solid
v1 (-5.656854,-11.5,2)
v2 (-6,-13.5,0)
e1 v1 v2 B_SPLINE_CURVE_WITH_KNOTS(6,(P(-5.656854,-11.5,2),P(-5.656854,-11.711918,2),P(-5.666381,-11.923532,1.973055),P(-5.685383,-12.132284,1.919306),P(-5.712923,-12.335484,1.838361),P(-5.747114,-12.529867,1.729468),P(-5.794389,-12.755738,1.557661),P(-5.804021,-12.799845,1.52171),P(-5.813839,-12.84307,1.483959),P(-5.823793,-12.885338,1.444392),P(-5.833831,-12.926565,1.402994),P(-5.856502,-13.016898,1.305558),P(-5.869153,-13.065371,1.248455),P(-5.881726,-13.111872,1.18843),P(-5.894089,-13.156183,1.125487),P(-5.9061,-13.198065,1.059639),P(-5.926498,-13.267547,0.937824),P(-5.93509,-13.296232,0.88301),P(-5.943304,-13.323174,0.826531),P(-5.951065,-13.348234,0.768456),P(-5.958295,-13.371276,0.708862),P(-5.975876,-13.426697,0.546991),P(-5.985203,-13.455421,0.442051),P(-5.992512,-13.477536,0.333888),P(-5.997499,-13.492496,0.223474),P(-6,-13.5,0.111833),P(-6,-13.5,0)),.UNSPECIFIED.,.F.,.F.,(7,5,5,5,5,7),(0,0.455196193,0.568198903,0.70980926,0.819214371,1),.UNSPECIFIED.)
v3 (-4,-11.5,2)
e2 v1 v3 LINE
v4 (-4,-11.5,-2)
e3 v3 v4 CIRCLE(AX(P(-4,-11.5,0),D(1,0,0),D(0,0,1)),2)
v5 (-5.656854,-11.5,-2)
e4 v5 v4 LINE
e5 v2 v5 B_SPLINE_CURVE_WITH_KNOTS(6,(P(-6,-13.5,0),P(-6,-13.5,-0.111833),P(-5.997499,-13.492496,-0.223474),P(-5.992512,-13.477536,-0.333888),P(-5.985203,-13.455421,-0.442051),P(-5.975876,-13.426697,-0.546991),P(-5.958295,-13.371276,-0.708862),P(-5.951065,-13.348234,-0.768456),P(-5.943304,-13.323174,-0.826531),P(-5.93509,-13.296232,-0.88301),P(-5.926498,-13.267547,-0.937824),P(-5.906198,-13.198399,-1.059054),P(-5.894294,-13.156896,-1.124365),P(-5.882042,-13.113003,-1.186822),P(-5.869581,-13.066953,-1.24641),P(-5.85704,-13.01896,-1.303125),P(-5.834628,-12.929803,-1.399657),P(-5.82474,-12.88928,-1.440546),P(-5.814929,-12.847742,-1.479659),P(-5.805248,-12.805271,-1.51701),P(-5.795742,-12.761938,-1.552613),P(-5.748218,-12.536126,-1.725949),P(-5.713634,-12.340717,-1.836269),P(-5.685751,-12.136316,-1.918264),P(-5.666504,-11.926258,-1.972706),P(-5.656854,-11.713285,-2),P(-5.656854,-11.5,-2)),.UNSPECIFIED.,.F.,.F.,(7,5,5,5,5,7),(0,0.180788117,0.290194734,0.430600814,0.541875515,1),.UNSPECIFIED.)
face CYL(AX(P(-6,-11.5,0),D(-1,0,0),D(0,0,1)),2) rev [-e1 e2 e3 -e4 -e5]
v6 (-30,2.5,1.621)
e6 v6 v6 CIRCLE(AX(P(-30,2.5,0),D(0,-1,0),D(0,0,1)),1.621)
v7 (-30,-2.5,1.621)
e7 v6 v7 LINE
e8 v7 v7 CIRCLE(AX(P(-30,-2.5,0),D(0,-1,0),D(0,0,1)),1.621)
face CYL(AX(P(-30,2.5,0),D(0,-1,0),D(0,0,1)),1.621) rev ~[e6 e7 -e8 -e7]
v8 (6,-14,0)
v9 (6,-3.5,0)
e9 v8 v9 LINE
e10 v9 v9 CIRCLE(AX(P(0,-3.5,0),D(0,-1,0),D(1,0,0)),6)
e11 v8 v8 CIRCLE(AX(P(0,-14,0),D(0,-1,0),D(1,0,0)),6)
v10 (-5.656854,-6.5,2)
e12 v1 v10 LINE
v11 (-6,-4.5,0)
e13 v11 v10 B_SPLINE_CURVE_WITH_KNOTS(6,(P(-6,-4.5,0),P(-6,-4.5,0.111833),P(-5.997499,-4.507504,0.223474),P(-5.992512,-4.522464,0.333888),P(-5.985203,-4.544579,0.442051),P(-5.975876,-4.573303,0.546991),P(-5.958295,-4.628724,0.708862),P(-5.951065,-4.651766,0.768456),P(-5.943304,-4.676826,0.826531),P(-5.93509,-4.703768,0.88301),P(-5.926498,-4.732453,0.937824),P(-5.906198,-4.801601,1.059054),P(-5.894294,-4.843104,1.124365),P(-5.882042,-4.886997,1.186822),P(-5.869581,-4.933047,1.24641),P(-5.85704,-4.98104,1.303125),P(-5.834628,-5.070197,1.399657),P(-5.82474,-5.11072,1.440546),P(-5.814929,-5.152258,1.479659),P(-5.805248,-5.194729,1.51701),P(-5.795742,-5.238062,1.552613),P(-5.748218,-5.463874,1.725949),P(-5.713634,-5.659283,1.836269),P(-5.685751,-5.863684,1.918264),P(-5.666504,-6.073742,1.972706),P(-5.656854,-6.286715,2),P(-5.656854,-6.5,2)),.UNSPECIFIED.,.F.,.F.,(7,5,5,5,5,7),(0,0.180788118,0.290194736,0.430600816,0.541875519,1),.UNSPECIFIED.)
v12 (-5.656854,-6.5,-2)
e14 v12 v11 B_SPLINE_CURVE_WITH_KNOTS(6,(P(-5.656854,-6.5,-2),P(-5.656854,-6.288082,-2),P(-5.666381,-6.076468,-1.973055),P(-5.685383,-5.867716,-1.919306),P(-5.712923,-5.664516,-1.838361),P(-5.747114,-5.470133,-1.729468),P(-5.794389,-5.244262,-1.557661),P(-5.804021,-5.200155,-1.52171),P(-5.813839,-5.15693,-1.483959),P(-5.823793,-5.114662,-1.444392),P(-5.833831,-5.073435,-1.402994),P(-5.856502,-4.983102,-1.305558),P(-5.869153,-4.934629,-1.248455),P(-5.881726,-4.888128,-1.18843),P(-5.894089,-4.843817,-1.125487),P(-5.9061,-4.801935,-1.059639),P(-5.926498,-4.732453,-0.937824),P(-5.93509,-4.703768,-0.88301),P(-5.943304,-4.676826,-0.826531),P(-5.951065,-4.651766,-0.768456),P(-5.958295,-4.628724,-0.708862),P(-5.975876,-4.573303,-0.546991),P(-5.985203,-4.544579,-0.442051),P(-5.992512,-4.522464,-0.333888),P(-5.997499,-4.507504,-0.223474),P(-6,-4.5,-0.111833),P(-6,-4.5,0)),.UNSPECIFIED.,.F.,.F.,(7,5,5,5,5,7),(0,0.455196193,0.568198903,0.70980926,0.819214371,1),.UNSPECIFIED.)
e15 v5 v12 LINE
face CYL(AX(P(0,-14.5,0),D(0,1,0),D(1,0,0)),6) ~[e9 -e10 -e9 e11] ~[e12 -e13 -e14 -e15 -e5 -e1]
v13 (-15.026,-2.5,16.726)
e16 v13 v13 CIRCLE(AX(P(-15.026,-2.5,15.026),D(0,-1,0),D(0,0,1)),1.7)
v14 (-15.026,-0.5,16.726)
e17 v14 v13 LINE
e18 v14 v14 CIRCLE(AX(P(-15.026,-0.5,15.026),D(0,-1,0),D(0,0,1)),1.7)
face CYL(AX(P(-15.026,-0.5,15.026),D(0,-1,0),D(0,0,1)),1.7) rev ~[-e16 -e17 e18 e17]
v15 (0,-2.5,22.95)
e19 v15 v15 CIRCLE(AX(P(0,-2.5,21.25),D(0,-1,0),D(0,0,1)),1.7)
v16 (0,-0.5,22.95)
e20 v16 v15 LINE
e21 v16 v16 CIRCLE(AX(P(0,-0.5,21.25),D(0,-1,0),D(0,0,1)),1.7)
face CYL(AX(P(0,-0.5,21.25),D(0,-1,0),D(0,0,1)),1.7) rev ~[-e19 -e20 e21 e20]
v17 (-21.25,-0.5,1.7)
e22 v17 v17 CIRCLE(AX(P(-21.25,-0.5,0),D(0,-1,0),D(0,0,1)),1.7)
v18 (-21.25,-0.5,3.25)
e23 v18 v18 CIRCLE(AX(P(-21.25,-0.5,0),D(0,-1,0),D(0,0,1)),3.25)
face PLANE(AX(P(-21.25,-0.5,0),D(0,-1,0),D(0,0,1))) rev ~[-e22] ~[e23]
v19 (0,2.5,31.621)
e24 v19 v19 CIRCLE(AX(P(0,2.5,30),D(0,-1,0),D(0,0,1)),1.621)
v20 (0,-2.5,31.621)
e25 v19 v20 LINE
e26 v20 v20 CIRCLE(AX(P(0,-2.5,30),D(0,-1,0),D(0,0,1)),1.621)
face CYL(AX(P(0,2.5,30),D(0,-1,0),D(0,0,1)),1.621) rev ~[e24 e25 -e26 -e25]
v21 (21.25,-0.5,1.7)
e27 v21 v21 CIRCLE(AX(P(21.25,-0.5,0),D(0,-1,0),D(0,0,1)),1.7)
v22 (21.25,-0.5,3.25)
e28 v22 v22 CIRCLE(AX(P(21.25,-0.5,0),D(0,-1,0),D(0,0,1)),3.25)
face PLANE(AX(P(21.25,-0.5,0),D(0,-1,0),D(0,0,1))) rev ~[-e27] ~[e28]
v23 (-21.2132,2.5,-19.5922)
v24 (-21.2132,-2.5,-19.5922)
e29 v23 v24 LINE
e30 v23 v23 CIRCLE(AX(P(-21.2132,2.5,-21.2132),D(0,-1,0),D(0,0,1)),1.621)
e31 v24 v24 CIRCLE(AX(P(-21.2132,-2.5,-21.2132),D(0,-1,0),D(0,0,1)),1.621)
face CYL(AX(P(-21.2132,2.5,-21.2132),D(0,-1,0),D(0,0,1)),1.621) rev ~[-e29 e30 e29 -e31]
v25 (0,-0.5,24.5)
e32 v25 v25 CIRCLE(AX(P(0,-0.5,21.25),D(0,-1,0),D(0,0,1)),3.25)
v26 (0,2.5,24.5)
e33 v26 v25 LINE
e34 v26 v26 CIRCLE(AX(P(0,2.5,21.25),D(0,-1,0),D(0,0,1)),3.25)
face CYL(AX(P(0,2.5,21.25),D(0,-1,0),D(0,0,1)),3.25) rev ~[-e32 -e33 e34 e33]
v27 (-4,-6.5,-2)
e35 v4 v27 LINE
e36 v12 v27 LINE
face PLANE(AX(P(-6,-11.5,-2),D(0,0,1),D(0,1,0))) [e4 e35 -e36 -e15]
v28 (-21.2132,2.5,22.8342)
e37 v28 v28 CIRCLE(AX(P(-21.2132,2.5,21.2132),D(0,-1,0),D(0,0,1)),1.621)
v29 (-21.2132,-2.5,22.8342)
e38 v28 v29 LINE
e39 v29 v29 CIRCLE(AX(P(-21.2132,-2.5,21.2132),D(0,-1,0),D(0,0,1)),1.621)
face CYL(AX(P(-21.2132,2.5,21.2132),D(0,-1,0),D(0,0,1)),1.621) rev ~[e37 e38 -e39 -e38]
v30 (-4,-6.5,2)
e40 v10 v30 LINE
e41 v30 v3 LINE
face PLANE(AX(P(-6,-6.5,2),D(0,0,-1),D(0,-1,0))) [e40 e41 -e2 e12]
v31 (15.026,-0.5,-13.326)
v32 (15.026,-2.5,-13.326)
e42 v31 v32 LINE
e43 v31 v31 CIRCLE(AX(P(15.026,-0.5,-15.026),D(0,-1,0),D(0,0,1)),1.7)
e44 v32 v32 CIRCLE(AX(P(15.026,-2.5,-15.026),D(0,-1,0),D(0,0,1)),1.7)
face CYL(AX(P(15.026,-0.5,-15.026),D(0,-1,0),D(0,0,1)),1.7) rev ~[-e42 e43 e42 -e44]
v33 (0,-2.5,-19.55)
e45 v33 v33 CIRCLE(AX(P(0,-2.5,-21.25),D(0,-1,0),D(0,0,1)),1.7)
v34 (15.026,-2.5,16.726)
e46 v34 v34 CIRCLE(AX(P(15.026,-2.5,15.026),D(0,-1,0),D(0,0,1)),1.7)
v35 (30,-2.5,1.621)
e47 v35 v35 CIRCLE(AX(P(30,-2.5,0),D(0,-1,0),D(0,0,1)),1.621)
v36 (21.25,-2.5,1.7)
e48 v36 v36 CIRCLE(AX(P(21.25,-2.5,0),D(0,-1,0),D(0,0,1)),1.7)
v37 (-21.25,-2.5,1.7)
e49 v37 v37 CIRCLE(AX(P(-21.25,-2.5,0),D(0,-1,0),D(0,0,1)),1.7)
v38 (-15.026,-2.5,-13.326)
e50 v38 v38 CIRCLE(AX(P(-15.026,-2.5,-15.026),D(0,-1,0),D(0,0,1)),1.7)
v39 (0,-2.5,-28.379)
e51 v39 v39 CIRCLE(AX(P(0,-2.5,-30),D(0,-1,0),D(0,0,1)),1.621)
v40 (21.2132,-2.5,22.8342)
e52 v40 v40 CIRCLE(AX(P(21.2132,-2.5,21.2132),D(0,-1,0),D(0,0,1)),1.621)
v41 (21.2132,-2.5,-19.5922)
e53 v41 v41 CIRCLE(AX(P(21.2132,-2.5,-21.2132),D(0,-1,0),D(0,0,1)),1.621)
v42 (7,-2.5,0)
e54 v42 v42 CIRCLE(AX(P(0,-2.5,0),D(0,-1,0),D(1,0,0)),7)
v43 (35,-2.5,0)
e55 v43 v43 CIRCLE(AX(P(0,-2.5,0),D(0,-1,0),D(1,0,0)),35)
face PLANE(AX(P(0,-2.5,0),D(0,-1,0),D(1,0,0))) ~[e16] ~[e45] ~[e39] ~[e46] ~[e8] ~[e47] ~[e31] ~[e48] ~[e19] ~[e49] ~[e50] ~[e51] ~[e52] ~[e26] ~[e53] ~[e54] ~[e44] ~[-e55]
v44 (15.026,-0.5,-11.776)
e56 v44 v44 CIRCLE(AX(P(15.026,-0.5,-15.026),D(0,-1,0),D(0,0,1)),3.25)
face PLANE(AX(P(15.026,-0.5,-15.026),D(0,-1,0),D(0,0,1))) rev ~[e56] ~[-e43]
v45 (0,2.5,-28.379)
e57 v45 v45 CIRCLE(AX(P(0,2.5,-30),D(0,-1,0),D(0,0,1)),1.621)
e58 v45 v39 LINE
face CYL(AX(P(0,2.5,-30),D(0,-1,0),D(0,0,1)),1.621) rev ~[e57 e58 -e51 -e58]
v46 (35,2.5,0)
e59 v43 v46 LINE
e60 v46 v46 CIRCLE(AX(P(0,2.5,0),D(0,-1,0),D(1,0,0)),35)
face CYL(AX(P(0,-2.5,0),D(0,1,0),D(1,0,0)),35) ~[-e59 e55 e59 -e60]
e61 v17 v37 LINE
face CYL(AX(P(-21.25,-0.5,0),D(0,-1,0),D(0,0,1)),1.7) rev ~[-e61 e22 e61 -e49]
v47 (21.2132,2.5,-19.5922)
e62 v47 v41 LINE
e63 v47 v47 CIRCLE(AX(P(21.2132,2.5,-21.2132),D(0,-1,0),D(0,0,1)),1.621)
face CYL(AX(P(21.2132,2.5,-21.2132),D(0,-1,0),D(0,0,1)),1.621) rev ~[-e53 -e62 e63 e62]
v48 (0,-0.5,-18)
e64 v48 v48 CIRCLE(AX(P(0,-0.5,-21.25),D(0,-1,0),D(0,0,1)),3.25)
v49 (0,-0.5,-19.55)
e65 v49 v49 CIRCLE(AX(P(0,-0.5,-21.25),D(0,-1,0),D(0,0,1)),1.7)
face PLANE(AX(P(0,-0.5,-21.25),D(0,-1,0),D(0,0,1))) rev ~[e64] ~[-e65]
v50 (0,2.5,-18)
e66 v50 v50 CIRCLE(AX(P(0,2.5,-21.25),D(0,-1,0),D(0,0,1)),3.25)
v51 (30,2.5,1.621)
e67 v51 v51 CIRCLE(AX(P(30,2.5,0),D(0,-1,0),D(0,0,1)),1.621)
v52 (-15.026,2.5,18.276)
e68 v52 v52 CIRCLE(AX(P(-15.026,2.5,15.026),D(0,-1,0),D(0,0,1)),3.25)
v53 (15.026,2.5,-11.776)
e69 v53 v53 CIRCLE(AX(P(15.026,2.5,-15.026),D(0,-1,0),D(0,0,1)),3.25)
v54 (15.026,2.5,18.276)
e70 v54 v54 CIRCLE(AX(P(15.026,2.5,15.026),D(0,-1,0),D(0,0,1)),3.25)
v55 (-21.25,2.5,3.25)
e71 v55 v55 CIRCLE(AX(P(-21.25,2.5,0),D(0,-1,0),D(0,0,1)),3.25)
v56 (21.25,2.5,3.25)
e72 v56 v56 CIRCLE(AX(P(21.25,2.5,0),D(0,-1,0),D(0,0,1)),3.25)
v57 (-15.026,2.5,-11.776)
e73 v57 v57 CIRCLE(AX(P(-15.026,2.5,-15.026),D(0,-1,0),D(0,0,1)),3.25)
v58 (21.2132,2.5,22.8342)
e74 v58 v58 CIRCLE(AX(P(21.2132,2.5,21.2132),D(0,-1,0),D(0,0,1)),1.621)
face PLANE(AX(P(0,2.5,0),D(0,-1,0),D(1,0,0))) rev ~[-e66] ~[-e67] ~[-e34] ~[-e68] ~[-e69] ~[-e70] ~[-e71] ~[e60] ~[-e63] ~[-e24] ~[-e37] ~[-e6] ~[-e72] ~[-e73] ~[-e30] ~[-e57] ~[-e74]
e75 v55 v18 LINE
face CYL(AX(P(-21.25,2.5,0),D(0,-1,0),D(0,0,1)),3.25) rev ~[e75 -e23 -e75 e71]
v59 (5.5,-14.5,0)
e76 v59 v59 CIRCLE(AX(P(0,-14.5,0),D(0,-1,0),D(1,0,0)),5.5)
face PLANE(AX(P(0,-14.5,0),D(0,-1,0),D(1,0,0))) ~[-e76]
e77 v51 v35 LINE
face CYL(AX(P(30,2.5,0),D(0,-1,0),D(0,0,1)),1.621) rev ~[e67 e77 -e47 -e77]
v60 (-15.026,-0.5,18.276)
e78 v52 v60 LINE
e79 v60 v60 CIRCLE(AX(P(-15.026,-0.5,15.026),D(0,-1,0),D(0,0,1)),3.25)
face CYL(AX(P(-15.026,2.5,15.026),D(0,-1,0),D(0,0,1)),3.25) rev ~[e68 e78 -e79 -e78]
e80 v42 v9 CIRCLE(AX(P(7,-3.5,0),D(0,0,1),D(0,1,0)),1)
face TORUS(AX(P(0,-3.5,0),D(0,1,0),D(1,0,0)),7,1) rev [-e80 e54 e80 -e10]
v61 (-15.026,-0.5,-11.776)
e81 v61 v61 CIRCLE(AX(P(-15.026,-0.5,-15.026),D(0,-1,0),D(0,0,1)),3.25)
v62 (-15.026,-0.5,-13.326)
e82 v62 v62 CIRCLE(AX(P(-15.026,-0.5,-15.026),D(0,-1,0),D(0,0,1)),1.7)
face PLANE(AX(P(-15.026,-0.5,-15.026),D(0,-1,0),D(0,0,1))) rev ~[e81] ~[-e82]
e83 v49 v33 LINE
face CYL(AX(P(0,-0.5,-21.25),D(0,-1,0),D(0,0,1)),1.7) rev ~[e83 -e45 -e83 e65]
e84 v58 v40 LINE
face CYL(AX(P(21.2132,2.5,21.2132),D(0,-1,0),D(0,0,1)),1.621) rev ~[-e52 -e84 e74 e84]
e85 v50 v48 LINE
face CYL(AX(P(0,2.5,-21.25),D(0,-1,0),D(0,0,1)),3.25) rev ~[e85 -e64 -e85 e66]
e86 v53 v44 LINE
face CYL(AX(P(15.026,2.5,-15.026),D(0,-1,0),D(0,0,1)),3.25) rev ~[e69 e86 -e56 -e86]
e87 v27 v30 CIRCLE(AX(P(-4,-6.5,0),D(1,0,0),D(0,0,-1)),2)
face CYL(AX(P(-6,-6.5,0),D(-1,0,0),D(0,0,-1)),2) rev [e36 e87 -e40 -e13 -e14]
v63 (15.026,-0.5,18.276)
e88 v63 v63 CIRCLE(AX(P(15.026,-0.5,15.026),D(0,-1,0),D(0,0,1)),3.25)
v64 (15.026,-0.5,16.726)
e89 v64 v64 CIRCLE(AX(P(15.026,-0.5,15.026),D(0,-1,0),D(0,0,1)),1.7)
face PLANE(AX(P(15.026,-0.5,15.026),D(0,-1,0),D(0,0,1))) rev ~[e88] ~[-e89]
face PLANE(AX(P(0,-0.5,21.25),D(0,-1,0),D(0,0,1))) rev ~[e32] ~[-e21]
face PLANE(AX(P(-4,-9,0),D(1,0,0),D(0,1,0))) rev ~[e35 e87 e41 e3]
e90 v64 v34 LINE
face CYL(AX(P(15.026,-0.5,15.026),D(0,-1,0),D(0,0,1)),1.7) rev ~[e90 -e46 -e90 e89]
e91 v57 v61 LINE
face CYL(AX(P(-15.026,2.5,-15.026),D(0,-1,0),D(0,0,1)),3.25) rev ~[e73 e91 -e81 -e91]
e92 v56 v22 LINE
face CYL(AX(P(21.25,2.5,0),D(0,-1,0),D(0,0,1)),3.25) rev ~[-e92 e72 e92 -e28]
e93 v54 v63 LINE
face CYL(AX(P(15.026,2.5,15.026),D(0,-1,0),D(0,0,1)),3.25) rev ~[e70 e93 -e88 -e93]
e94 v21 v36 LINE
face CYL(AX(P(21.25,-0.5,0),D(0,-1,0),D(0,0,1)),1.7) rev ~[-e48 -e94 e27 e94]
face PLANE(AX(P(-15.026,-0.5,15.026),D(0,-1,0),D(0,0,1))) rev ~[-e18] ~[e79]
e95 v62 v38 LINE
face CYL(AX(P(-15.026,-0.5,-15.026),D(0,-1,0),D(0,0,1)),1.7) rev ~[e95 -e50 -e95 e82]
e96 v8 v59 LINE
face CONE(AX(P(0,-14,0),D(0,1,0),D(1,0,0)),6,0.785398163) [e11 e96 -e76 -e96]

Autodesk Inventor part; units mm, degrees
ref_plane "XZ Plane" through (0, 0, 0) normal (0, 1, 0) x (-1, 0, 0)
ref_plane "XY Plane" through (0, 0, 0) normal (0, 0, 1) x (1, 0, 0)
sketch "Sketch1" plane through (0, 0, 0) normal (0, 0, 1) x (1, 0, 0)
  line L0 (0, 5.9) -> (0, -17.9) construction
  line L1 (-7, 0) -> (42, 0) construction
  line L2 (0, -14.5) -> (0, 2.5)
  line L3 (0, -14.5) -> (6, -14.5)
  line L4 (6, -14.5) -> (6, -3.5)
  line L5 (7, -2.5) -> (35, -2.5)
  line L6 (35, -2.5) -> (35, 2.5)
  line L7 (35, 2.5) -> (0, 2.5)
  arc A0 (7, -2.5) -> (6, -3.5) centre (7, -3.5) ccw
  point P0 (0, 0)
  point P1 (6, -2.5)
  dimension "d0" = 6
  dimension "d2" = 5
  dimension "d3" = 12
  dimension "d4" = 1
  dimension "d12" = 35
revolve "Revolution1" add sketch "Sketch1" angle 360 about axis through (0, 0, 0) along (0, -1, 0)
sketch "Sketch2" plane through (0, 2.5, 0) normal (0, -1, 0) x (1, 0, 0)
  circle A0 centre (0, 0) radius 35 construction
  circle A1 centre (0, 0) radius 7 construction
  circle A2 centre (0, 0) radius 6 construction
  line L0 (-49, 0) -> (49, 0) construction
  line L1 (0, 49) -> (0, -49) construction
  circle A3 centre (0, 0) radius 6 construction
  circle A4 centre (0, 0) radius 21.25 construction
  circle A5 centre (0, 0) radius 30 construction
  point P0 (0, 30)
  point P1 (0, 21.25)
  point P2 (-21.2132, 21.2132)
  point P3 (-15.026, 15.026)
  point P4 (-30, 0)
  point P5 (-21.25, 0)
  point P6 (-21.2132, -21.2132)
  point P7 (-15.026, -15.026)
  point P8 (0, -30)
  point P9 (0, -21.25)
  point P10 (21.2132, -21.2132)
  point P11 (15.026, -15.026)
  point P12 (30, 0)
  point P13 (21.25, 0)
  point P14 (21.2132, 21.2132)
  point P15 (15.026, 15.026)
  dimension "d6" = 42.5
  dimension "d7" = 60
  dimension "d10" = 360
hole "Hole1" at (-15.026, 2.5, 15.026) at (0, 2.5, 21.25) at (15.026, 2.5, 15.026) at (21.25, 2.5, 0) at (15.026, 2.5, -15.026) at (0, 2.5, -21.25) at (-15.026, 2.5, -15.026) at (-21.25, 2.5, 0) direction (0, -1, 0) diameter 3.4 end through all counterbore diameter 6.5 counterbore depth 3 clearance for "Socket Head Cap Screw" size "M3" standard "Ansi Metric M Profile"
hole "Hole2" at (0, 2.5, 30) at (-21.2132, 2.5, 21.2132) at (-30, 2.5, 0) at (-21.2132, 2.5, -21.2132) at (0, 2.5, -30) at (21.2132, 2.5, -21.2132) at (30, 2.5, 0) at (21.2132, 2.5, 21.2132) direction (0, -1, 0) diameter 3.242 end through all thread size "M4x0.7" class "6H" standard "ANSI Metric M Profile"
ref_plane "Work Plane1" through (-6, -9, 0) normal (1, 0, 0) x (0, 1, 0)
sketch "Sketch3" plane through (-6, -9, 0) normal (1, 0, 0) x (0, 1, 0)
  line L0 (-8.9, 0) -> (14.9, 0) construction
  line L1 (-2.5, -2) -> (2.5, -2)
  line L2 (2.5, 2) -> (-2.5, 2)
  arc A0 (-2.5, 2) -> (-2.5, -2) centre (-2.5, 0) ccw
  arc A1 (2.5, -2) -> (2.5, 2) centre (2.5, 0) ccw
  line L3 (5.5, 6) -> (5.5, -6) construction
  line L4 (-5.5, 6) -> (-5.5, -6) construction
  line L5 (5.5, 6) -> (-5.5, 6) construction
  line L6 (0, 6) -> (0, -7.95) construction
  point P0 (9, 0)
  dimension "d27" = 4
  dimension "d29" = 5
extrude "Extrusion1" cut sketch "Sketch3" along normal blind 2
chamfer "Chamfer1" distance 0.5 angle 45 1 edges at (-6, -14.5, 0)
properties part number "Adapter_bearing_link"
